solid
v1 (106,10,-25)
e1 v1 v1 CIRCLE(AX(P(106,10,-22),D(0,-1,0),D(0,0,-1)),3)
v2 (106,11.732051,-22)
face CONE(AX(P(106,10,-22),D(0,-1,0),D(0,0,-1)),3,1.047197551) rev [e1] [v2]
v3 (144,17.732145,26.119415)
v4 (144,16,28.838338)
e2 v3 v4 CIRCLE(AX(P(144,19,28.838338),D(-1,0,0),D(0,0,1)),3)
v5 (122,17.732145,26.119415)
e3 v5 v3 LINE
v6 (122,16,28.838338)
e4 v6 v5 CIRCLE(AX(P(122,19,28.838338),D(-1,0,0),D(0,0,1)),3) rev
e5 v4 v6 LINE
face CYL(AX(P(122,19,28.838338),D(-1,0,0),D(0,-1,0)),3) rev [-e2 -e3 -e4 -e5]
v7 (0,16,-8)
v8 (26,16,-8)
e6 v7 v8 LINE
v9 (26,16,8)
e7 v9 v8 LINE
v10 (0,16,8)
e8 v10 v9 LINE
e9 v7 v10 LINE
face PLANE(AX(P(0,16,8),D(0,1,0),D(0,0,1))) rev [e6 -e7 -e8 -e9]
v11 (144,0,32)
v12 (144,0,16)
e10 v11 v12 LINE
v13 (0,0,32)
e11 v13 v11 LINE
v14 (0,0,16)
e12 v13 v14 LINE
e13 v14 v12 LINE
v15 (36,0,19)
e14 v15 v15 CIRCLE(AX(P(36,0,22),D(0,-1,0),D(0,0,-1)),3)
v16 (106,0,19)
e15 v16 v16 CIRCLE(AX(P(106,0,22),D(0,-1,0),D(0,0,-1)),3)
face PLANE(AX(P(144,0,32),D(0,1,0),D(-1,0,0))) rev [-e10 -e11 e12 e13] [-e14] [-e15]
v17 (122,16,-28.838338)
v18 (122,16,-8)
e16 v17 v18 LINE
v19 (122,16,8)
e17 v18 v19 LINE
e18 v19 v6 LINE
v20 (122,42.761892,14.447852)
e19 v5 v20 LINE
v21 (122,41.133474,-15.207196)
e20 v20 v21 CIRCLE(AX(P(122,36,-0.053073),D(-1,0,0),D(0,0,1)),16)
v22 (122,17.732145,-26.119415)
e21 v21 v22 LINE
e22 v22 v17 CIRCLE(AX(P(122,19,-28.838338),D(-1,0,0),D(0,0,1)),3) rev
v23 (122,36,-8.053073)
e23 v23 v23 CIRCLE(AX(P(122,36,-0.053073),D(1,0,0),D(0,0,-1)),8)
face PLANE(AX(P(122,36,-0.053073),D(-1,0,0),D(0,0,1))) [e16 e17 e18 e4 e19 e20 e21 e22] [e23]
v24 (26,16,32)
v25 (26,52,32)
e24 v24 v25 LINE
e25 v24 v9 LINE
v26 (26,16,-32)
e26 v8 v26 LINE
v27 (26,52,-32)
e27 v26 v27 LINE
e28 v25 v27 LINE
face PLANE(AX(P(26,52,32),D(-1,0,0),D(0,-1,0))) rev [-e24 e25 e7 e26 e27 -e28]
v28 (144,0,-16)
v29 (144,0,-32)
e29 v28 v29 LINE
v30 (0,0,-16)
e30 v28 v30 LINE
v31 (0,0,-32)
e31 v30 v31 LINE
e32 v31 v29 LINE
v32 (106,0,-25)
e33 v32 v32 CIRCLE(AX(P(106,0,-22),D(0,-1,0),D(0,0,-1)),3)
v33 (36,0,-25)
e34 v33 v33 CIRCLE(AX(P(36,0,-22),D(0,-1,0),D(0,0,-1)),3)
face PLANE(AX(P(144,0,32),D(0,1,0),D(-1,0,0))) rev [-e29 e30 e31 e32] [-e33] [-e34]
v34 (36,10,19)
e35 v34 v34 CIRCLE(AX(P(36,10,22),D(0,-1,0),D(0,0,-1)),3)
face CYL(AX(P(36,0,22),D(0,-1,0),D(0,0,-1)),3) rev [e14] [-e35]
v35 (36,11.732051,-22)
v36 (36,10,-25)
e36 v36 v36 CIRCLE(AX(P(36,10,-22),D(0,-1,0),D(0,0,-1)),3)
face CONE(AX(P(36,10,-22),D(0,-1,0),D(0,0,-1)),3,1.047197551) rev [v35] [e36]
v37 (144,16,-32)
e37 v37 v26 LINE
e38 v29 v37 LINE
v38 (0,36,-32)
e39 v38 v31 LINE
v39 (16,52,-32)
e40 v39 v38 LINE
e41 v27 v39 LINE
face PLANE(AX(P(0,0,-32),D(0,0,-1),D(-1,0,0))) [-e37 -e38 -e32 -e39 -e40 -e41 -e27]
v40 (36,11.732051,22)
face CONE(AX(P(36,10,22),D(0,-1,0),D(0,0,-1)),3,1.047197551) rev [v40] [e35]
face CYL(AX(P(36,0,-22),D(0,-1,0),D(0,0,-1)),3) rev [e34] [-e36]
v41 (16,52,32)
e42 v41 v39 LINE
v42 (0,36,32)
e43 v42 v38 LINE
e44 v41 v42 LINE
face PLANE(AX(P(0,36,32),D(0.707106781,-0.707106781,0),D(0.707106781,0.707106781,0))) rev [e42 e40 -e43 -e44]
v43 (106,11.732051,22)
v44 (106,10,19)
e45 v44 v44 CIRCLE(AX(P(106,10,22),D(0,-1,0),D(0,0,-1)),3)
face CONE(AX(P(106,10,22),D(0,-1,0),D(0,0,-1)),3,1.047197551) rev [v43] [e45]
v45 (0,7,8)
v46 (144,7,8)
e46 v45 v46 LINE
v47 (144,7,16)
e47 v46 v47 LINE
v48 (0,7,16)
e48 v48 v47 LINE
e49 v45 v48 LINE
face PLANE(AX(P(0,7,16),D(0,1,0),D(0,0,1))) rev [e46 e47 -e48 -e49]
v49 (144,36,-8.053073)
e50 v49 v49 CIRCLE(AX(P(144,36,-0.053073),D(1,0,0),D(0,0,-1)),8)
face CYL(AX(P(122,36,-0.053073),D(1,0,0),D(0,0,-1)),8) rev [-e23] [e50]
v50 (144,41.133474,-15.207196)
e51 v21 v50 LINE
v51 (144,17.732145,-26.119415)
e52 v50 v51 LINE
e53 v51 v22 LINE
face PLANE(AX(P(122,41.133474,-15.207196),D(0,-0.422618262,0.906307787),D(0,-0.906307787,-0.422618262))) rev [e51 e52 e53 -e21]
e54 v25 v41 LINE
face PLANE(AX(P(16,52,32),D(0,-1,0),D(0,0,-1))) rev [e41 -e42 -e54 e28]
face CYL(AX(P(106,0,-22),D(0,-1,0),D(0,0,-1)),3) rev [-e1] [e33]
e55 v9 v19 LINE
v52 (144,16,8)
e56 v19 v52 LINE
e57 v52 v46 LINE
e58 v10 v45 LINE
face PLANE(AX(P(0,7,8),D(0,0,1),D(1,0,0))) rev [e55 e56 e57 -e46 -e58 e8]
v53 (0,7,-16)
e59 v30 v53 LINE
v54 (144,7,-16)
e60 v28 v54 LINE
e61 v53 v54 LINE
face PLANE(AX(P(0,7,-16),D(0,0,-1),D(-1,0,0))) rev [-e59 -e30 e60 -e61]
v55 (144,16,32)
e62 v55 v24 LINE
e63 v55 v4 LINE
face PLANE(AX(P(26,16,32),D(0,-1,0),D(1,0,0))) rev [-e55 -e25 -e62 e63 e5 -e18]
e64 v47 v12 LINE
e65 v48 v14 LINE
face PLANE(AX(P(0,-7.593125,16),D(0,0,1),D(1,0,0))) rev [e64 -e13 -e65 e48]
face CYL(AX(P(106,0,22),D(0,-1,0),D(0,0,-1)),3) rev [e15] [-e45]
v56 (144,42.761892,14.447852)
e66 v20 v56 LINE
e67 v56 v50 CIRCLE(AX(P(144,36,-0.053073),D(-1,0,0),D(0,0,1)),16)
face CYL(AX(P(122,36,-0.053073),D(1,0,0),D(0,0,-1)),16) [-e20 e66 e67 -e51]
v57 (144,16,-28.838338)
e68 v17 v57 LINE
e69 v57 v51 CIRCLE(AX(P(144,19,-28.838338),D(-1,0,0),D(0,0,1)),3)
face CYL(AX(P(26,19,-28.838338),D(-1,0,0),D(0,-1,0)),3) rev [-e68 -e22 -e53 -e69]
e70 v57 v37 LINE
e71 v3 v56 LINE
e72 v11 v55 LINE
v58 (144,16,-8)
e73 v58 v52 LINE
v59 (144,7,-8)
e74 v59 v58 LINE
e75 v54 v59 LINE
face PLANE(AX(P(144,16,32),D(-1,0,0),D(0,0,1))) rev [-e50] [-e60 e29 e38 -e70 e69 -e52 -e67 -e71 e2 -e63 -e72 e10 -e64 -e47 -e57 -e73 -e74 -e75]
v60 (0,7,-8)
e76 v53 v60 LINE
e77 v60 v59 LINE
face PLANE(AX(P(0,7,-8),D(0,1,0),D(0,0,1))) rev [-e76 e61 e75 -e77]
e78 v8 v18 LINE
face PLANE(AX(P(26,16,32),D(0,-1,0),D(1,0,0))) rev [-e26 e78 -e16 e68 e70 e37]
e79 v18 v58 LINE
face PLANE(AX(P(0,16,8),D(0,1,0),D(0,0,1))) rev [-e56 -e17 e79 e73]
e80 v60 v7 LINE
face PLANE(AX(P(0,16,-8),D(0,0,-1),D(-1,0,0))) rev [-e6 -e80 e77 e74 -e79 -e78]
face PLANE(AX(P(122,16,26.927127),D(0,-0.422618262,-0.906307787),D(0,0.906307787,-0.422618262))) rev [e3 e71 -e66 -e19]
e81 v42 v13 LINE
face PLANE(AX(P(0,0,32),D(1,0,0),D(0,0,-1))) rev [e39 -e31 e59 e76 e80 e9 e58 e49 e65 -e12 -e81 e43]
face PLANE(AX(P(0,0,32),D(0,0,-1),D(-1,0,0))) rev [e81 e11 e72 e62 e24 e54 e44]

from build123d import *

# Parameters (mm, degrees)
BOSS_EXTRUDE1_DEPTH  = 32
BOSS_EXTRUDE7_DEPTH  = 22
SKETCH10_R           = 8
CUT_EXTRUDE1_DEPTH   = 22
FILLET1_R            = 3
FILLET2_R            = 3
CUT_EXTRUDE2_DEPTH   = 157.409718368
LPATTERN1_COUNT      = 2
LPATTERN1_PITCH      = 70
LPATTERN1_COUNT_DIR2 = 2
LPATTERN1_PITCH_DIR2 = 44


with BuildPart() as part:
    # Sketch3 → Boss-Extrude1 (new, symmetric)
    with BuildSketch(Plane.XY):
        Polygon((0, 0), (0, 36), (16, 52), (26, 52), (26, 16), (144, 16), (144, 0), align=None)
    extrude(amount=BOSS_EXTRUDE1_DEPTH, both=True)

    # Sketch4 → Boss-Extrude7 (add)
    with BuildSketch(Plane(origin=(144, 0, 0), x_dir=(0, 0, -1), z_dir=(1, 0, 0))):
        with BuildLine():
            Line((-26.927127132, 16), (-14.447851858, 42.761892188))
            ThreePointArc((-14.447851858, 42.761892188), (0.930343347, 51.975931781), (15.207195845, 41.133473752))
            Line((15.207195845, 41.133473752), (26.927127132, 16))
            Line((26.927127132, 16), (-26.927127132, 16))
        make_face()
    extrude(amount=-BOSS_EXTRUDE7_DEPTH)

    # Sketch10 → Cut-Extrude1 (cut)
    with BuildSketch(Plane(origin=(144, 0, 0), x_dir=(0, 0, -1), z_dir=(1, 0, 0))):
        with Locations((0.053072735, 36)):
            Circle(SKETCH10_R)
    extrude(amount=-CUT_EXTRUDE1_DEPTH, mode=Mode.SUBTRACT)

    # Fillet1
    fillet1_edges = [part.edges().sort_by_distance(p)[0] for p in [
        (133, 16, 26.927127132),
    ]]
    fillet(fillet1_edges, radius=FILLET1_R)

    # Fillet2
    fillet2_edges = [part.edges().sort_by_distance(p)[0] for p in [
        (133, 16, -26.927127132),
    ]]
    fillet(fillet2_edges, radius=FILLET2_R)

    # Sketch11 → Cut-Extrude2 (cut, through all)
    with BuildSketch(Plane(origin=(144, 0, 0), x_dir=(0, 0, -1), z_dir=(1, 0, 0))):
        Polygon((-16, -7.593125262), (-16, 7), (-8, 7), (-8, 16), (8, 16), (8, 7), (16, 7), (16, -7.593125262), align=None)
    extrude(amount=-CUT_EXTRUDE2_DEPTH, mode=Mode.SUBTRACT)

    # Sketch13 → Ø1.0mm Dowel Hole1 (revolve, cut)
    with BuildSketch(Plane(origin=(106, 0, 22), x_dir=(0, 0, -1), z_dir=(1, 0, 0))):
        Polygon((0, 0), (0, 11.732050808), (3, 10), (3, 0), align=None)
    f_1_0mm_dowel_hole1 = revolve(axis=Axis((106, -6.35, 22), (0, 1, 0)), mode=Mode.SUBTRACT)

    # LPattern1: 1.0mm Dowel Hole1 2 × 2
    with Locations(*[(-i * LPATTERN1_PITCH, 0, -j * LPATTERN1_PITCH_DIR2) for i in range(LPATTERN1_COUNT) for j in range(LPATTERN1_COUNT_DIR2) if (i, j) != (0, 0)]):
        add(f_1_0mm_dowel_hole1, mode=Mode.SUBTRACT)


solid = part.part
